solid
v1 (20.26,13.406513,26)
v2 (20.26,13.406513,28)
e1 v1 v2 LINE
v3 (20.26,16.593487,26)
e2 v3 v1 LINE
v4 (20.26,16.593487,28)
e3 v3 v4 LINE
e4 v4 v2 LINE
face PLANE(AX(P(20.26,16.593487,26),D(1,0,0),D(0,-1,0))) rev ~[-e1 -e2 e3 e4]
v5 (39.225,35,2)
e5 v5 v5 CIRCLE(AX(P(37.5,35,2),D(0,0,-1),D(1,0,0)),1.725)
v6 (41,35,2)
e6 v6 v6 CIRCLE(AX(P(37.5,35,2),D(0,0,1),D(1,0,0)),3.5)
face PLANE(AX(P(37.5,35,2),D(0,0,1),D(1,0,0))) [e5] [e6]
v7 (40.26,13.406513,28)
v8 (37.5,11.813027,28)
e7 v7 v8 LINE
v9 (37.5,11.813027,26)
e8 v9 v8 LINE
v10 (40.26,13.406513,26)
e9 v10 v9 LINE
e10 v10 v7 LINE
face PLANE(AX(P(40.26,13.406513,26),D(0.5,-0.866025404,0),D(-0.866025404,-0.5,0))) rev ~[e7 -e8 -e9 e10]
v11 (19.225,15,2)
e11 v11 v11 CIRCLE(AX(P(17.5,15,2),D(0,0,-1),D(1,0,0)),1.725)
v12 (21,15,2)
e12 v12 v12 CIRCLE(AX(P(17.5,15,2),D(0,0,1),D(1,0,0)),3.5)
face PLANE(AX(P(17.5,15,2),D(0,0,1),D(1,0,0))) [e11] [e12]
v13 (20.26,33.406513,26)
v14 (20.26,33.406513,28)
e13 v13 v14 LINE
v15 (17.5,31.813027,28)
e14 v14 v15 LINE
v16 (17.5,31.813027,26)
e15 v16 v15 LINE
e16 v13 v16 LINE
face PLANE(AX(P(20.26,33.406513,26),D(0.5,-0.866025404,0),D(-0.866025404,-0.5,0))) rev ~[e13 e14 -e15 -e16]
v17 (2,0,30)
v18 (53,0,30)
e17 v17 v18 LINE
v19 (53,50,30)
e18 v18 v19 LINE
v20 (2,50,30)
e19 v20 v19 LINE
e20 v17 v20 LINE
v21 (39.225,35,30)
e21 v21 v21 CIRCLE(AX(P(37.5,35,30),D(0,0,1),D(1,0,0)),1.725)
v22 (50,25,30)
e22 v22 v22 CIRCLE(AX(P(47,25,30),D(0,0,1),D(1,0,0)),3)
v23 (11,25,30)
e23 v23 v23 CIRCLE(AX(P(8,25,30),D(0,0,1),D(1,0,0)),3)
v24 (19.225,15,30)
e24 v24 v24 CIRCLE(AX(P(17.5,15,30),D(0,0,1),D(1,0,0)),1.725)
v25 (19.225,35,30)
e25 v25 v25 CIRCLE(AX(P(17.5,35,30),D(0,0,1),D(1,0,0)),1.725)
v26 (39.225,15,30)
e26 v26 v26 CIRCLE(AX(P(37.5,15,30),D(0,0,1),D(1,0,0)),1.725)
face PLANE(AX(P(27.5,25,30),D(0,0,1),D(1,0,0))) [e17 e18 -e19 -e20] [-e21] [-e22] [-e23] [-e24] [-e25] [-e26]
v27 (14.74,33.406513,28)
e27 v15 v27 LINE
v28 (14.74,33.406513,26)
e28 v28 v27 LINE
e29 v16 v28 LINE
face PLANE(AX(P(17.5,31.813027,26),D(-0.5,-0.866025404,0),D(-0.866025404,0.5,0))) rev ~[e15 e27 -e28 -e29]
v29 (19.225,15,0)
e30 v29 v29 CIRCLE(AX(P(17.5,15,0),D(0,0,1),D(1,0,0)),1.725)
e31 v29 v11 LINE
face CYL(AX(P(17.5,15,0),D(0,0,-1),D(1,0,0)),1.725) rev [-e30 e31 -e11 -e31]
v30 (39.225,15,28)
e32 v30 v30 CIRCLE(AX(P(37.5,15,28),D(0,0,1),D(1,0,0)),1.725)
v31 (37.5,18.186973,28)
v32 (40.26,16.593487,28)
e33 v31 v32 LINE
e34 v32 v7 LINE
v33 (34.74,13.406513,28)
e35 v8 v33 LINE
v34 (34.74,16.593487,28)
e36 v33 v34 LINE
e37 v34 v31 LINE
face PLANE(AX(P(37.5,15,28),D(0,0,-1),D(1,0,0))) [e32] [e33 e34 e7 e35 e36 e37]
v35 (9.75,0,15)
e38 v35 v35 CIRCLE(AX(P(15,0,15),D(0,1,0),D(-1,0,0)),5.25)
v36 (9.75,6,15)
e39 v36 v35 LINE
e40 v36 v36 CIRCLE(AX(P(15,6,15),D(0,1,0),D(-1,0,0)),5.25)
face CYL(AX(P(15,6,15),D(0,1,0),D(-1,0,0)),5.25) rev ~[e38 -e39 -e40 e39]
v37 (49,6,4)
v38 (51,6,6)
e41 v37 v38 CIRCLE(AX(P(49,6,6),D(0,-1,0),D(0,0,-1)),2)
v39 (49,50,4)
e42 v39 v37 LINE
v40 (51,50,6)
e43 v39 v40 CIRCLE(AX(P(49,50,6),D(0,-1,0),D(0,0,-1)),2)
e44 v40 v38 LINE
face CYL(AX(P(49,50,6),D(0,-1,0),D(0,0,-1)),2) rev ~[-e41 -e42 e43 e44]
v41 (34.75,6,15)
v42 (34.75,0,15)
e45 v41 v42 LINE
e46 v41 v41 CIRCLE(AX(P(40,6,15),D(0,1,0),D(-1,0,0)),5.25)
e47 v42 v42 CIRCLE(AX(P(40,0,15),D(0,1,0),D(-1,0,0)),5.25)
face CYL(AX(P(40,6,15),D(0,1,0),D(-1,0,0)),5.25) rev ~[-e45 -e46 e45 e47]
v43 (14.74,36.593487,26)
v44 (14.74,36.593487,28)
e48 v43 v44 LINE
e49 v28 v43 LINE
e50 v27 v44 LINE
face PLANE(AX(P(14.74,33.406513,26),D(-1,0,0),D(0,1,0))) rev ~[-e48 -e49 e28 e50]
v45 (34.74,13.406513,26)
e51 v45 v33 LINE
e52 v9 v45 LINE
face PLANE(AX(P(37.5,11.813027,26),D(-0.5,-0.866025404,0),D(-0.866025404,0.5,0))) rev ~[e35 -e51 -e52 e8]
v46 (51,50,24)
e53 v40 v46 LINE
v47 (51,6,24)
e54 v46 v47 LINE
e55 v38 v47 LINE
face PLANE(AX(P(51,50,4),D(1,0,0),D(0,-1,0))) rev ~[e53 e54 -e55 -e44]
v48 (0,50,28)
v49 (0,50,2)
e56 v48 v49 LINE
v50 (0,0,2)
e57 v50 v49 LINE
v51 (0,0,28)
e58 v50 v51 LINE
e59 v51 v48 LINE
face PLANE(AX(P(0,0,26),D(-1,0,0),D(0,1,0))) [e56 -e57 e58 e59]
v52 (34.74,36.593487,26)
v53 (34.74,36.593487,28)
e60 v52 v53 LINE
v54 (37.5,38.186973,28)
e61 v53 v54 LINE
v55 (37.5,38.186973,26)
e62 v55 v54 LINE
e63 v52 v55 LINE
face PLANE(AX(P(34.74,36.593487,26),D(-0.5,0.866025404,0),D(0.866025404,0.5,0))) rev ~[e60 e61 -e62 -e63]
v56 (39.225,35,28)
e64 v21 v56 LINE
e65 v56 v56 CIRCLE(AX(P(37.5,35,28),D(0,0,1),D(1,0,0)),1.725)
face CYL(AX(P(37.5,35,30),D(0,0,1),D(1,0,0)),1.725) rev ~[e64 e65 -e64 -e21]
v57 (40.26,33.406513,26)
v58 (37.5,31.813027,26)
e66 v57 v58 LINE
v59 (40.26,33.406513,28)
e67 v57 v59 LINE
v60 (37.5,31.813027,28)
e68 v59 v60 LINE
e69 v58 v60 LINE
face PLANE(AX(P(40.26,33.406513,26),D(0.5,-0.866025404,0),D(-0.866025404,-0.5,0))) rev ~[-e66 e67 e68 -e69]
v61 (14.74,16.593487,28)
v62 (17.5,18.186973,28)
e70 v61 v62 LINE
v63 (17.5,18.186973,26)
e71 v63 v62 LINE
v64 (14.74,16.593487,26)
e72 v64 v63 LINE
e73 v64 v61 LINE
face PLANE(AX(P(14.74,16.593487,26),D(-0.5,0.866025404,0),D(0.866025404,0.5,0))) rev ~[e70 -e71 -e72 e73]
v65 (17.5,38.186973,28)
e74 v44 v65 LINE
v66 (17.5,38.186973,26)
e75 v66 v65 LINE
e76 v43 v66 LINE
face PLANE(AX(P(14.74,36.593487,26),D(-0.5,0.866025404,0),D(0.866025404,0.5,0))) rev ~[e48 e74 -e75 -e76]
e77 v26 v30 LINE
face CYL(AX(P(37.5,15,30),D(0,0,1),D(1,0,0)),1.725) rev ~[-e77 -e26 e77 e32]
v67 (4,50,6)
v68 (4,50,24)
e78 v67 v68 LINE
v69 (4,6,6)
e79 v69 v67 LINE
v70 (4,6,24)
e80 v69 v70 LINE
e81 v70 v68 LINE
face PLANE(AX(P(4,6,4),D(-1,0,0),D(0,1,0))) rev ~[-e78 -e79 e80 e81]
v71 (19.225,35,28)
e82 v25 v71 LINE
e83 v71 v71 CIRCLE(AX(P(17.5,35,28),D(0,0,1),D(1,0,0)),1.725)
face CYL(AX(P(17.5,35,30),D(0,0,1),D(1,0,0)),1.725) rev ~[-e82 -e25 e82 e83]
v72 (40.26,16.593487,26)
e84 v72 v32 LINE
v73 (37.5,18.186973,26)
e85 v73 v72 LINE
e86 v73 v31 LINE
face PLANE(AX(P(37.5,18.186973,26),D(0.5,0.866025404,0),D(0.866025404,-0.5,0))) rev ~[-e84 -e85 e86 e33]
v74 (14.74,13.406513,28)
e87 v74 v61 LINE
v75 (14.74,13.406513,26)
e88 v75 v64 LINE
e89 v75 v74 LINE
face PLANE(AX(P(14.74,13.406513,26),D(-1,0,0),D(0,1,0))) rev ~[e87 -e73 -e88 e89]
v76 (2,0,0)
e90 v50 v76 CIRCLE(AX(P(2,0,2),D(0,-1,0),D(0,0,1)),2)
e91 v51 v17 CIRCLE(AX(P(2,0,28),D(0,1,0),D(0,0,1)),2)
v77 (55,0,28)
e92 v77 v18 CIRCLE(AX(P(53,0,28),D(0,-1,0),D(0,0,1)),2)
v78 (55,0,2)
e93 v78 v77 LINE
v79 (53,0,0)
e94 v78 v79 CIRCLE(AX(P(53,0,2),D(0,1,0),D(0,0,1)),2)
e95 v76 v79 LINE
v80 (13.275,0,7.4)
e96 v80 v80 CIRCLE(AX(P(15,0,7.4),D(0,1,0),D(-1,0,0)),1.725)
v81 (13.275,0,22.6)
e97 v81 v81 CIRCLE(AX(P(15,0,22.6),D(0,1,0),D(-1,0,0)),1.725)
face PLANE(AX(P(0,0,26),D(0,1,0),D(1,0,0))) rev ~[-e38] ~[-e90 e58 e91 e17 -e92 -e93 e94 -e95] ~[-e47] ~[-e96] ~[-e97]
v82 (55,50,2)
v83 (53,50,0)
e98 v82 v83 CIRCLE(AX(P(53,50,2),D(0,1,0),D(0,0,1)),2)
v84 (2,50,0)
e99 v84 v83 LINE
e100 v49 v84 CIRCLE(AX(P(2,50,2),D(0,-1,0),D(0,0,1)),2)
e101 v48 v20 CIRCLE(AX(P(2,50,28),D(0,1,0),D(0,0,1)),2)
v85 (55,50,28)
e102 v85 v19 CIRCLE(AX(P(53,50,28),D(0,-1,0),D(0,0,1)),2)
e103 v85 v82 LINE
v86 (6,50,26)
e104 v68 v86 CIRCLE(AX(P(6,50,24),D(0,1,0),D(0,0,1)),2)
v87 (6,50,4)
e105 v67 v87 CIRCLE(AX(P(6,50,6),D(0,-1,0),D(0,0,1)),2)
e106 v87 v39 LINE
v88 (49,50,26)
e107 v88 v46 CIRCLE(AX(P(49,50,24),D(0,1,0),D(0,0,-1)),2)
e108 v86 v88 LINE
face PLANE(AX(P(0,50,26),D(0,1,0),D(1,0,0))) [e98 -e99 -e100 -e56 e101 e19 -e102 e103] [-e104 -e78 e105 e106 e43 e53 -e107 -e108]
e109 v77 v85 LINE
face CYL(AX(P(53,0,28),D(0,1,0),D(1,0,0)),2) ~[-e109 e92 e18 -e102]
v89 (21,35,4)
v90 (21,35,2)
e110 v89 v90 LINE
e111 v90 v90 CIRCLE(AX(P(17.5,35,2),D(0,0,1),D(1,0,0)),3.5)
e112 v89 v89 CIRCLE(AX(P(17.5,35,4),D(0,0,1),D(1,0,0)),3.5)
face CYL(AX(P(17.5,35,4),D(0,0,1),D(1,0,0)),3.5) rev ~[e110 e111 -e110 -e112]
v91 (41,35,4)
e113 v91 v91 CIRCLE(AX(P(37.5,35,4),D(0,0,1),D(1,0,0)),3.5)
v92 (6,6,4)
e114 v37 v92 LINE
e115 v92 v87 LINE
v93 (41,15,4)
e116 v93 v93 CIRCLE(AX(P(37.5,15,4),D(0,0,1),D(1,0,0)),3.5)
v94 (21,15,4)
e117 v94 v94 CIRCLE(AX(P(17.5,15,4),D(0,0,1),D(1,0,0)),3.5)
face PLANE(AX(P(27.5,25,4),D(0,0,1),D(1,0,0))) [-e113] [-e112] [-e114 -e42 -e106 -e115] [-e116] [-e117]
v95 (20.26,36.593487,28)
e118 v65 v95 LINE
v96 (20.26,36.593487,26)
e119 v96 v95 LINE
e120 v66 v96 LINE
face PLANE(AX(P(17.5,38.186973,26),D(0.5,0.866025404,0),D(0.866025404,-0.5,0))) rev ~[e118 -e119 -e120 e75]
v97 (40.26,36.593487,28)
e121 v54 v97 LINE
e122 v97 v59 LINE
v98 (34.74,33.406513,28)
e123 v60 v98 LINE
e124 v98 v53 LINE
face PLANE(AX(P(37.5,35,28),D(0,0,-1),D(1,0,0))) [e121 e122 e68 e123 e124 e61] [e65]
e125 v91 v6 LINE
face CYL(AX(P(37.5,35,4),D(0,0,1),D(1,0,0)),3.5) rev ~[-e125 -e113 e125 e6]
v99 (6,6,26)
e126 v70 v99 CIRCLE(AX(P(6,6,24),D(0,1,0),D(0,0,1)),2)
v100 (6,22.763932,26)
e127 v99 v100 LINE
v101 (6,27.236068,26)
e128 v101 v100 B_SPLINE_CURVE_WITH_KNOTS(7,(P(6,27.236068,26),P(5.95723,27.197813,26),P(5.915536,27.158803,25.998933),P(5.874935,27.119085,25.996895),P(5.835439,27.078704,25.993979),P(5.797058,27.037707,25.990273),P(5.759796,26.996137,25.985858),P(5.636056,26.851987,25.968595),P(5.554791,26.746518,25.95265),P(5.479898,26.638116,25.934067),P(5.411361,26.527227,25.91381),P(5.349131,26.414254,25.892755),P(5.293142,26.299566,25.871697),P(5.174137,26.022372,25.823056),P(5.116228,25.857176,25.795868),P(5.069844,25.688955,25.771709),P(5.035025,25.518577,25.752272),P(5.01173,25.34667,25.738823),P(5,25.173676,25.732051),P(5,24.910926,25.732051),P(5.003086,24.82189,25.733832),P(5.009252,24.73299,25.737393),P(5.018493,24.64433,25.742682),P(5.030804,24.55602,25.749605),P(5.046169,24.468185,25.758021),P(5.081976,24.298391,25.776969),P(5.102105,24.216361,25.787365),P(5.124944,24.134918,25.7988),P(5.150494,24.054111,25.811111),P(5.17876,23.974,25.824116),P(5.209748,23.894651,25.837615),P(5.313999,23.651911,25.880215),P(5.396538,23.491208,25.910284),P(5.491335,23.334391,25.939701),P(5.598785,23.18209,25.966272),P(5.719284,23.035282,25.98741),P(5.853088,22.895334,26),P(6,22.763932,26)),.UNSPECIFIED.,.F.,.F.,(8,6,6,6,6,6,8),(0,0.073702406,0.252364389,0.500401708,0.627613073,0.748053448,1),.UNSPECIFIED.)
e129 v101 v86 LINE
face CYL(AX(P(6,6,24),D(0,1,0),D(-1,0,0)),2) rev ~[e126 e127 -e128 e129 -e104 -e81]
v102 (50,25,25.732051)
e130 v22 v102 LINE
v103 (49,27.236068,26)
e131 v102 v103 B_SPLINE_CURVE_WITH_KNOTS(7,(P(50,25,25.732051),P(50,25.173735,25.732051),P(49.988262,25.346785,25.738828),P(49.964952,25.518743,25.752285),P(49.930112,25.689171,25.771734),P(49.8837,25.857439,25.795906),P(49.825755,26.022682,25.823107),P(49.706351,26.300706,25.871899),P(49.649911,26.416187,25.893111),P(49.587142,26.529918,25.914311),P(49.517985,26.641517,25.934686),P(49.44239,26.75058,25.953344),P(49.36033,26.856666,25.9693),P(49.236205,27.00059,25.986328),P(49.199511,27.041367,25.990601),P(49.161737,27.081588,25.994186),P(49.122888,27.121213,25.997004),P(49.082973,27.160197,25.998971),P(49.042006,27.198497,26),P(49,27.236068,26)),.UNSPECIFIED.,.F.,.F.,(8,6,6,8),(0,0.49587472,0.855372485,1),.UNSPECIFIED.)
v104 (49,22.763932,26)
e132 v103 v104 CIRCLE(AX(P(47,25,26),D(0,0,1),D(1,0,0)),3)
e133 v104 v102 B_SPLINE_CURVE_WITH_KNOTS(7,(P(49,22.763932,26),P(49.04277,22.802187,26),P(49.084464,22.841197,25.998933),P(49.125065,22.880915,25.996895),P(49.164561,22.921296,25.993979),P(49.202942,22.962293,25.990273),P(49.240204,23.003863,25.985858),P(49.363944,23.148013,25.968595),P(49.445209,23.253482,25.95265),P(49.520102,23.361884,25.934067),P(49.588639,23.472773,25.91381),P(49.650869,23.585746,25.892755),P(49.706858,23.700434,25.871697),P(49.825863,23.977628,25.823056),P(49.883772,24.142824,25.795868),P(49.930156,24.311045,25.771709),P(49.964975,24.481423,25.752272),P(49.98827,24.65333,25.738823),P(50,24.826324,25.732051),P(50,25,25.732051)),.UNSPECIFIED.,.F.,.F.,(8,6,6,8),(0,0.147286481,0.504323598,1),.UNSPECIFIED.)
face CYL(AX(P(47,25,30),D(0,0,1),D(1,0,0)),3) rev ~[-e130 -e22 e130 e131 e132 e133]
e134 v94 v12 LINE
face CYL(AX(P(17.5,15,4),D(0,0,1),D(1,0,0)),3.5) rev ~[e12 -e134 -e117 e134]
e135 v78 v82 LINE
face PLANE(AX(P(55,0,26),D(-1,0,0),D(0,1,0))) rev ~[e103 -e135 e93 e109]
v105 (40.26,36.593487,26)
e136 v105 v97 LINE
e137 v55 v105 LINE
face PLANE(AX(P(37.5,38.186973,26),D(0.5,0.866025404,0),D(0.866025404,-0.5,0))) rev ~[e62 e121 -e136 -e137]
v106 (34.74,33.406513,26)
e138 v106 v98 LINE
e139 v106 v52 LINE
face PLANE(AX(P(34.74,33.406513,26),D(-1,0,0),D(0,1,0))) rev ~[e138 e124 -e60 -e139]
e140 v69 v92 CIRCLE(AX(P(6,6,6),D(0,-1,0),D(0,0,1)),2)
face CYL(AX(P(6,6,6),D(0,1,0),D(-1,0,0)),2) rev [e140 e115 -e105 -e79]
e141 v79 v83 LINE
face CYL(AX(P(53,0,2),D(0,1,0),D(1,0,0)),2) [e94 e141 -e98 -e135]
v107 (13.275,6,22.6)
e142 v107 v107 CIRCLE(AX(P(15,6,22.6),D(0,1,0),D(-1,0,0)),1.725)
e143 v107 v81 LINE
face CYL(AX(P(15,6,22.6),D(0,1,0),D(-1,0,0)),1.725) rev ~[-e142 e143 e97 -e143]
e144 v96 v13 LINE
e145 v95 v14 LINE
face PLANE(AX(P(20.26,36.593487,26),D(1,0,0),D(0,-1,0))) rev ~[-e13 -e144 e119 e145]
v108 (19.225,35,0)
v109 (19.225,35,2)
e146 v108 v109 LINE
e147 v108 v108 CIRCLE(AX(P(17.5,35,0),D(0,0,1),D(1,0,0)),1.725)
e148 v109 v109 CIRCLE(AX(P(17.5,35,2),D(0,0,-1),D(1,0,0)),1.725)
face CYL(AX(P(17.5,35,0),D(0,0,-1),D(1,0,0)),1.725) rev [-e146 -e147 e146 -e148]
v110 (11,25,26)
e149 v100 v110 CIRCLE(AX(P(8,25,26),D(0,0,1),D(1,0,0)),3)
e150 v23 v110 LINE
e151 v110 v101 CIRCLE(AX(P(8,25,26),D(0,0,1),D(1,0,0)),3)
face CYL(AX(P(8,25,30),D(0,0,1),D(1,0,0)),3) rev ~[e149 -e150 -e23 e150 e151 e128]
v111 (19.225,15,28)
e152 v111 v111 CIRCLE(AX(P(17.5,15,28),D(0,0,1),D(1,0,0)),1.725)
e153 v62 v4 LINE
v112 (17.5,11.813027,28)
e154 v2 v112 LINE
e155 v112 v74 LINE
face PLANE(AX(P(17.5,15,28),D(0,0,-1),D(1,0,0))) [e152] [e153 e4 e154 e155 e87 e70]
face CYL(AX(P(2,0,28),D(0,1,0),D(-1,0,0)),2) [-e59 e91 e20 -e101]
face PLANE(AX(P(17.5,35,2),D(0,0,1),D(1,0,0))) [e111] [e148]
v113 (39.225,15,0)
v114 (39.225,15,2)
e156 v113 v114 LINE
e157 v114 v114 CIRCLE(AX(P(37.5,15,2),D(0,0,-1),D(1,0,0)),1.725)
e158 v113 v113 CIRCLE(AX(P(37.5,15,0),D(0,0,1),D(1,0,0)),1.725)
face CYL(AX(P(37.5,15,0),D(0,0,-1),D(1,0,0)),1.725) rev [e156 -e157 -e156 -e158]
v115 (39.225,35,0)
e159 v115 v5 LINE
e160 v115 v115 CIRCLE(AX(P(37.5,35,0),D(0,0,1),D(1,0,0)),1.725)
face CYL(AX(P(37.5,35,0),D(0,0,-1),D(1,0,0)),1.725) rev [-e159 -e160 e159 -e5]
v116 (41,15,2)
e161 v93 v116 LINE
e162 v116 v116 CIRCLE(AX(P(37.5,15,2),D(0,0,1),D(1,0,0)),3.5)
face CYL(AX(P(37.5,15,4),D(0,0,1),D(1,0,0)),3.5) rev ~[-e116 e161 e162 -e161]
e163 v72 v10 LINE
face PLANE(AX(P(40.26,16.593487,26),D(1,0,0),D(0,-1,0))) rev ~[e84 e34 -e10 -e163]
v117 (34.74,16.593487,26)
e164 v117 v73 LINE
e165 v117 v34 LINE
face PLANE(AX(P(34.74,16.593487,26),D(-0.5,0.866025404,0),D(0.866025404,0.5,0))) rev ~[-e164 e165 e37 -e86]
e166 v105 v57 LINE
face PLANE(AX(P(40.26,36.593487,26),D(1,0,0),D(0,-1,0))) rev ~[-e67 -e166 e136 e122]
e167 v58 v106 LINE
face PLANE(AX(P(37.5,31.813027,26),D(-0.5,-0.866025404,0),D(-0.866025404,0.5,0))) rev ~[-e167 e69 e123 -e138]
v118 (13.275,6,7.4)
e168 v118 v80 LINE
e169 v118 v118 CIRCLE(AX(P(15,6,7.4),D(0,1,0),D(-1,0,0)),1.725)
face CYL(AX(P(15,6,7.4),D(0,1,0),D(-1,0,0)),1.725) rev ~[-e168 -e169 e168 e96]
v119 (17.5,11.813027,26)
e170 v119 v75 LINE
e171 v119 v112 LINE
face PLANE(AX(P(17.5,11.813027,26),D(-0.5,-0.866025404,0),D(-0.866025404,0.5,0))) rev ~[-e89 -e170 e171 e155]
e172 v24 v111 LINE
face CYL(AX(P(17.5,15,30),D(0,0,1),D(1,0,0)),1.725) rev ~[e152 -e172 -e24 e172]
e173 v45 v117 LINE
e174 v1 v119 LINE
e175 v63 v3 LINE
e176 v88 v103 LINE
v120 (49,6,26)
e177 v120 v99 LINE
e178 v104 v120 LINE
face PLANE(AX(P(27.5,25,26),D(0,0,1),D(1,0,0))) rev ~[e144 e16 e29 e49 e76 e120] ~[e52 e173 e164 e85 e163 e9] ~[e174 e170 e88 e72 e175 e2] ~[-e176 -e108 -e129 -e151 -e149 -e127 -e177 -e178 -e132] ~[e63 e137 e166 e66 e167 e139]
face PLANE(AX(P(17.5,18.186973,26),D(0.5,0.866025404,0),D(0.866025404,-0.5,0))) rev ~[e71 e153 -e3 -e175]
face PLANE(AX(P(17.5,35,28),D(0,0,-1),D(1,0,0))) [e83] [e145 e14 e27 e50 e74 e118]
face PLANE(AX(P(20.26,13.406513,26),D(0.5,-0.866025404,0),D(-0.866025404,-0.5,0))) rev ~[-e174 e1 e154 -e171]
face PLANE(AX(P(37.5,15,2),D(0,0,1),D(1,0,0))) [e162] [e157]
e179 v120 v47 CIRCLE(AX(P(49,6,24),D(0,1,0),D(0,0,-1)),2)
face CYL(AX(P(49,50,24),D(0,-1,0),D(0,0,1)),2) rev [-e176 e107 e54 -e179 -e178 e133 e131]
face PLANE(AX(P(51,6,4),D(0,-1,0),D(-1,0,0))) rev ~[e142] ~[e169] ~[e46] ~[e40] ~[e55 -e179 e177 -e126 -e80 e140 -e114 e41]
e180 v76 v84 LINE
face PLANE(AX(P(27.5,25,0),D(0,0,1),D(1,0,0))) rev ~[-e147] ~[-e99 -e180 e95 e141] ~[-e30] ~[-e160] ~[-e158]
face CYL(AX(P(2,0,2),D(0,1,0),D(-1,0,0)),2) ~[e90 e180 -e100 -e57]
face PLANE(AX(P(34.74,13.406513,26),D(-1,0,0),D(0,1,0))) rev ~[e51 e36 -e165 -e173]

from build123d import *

# Parameters (mm, degrees)
F0_W      = 55
F0_H      = 50
F0_R      = 3.5
F0_R_2    = 1.725
F1_DEPTH  = 4
F2_R      = 3.5
F3_DEPTH  = 2
F5_DEPTH  = 22
F6_R      = 5.25
F6_R_2    = 1.725
F7_DEPTH  = 6
F8_W      = 55
F8_H      = 50
F9_DEPTH  = 4
F10_R     = 2
F11_R     = 1.725
F12_DEPTH = 4
F14_DEPTH = 2
F15_R     = 3
F16_DEPTH = 4.2689492924


with BuildPart() as f1:
    # F0 (on Top) → F1 (new body)
    with BuildSketch(Plane.XY):
        with Locations((27.5, 25)):
            Rectangle(F0_W, F0_H)
        with Locations((17.5, 15)):
            Circle(F0_R, mode=Mode.SUBTRACT)
        with Locations((37.5, 15)):
            Circle(F0_R, mode=Mode.SUBTRACT)
        with Locations((17.5, 35)):
            Circle(F0_R, mode=Mode.SUBTRACT)
        with Locations((37.5, 35)):
            Circle(F0_R, mode=Mode.SUBTRACT)
        with Locations((17.5, 35)):
            Circle(F0_R)
        with Locations((17.5, 35)):
            Circle(F0_R_2, mode=Mode.SUBTRACT)
        with Locations((37.5, 35)):
            Circle(F0_R)
        with Locations((37.5, 35)):
            Circle(F0_R_2, mode=Mode.SUBTRACT)
        with Locations((37.5, 15)):
            Circle(F0_R)
        with Locations((37.5, 15)):
            Circle(F0_R_2, mode=Mode.SUBTRACT)
        with Locations((17.5, 15)):
            Circle(F0_R)
        with Locations((17.5, 15)):
            Circle(F0_R_2, mode=Mode.SUBTRACT)
    extrude(amount=F1_DEPTH)

    # F2 (on face) → F3 (cut)
    with BuildSketch(Plane.XY.offset(4)):
        with Locations((17.5, 35)):
            Circle(F2_R)
        with Locations((37.5, 35)):
            Circle(F2_R)
        with Locations((37.5, 15)):
            Circle(F2_R)
        with Locations((17.5, 15)):
            Circle(F2_R)
    extrude(amount=-F3_DEPTH, mode=Mode.SUBTRACT)

    # F4 (on face) → F5 (join)
    with BuildSketch(Plane.XY.offset(4)):
        Polygon((4, 50), (0, 50), (0, 0), (55, 0), (55, 50), (51, 50), (51, 6), (4, 6), align=None)
    extrude(amount=F5_DEPTH)

    # F6 (on face) → F7 (cut, through all)
    with BuildSketch(Plane(origin=(0, 6, 0), x_dir=(-1, 0, 0), z_dir=(0, 1, 0))):
        with Locations((-40, 15)):
            Circle(F6_R)
        with Locations((-15, 22.6)):
            Circle(F6_R_2)
        with Locations((-15, 7.4)):
            Circle(F6_R_2)
        with Locations((-15, 15)):
            Circle(F6_R)
    extrude(amount=-F7_DEPTH, mode=Mode.SUBTRACT)

    # F8 (on face) → F9 (join)
    with BuildSketch(Plane.XY.offset(26)):
        with Locations((27.5, 25)):
            Rectangle(F8_W, F8_H)
    extrude(amount=F9_DEPTH)

    # F10
    f10_edges = [f1.edges().sort_by_distance(p)[0] for p in [
        (0, 25, 30),
        (0, 25, 0),
        (55, 25, 0),
        (55, 25, 30),
        (51, 28, 26),
        (4, 28, 26),
        (4, 28, 4),
        (51, 28, 4),
    ]]
    fillet(f10_edges, radius=F10_R)

    # F11 (on face) → F12 (cut, through all)
    with BuildSketch(Plane.XY.offset(30)):
        with Locations((17.5, 35)):
            Circle(F11_R)
        with Locations((37.5, 35)):
            Circle(F11_R)
        with Locations((37.5, 15)):
            Circle(F11_R)
        with Locations((17.5, 15)):
            Circle(F11_R)
    extrude(amount=-F12_DEPTH, mode=Mode.SUBTRACT)

    # F13 (on face) → F14 (cut)
    with BuildSketch(Plane(origin=(0, 0, 26), x_dir=(1, 0, 0), z_dir=(0, 0, -1))):
        Polygon((20.26, -13.406513257), (17.5, -11.8130265141), (14.74, -13.406513257), (14.74, -16.593486743), (17.5, -18.1869734859), (20.26, -16.593486743), align=None)
        Polygon((40.26, -13.406513257), (37.5, -11.8130265141), (34.74, -13.406513257), (34.74, -16.593486743), (37.5, -18.1869734859), (40.26, -16.593486743), align=None)
        Polygon((40.26, -33.406513257), (37.5, -31.8130265141), (34.74, -33.406513257), (34.74, -36.593486743), (37.5, -38.1869734859), (40.26, -36.593486743), align=None)
        Polygon((20.26, -33.406513257), (17.5, -31.8130265141), (14.74, -33.406513257), (14.74, -36.593486743), (17.5, -38.1869734859), (20.26, -36.593486743), align=None)
    extrude(amount=-F14_DEPTH, mode=Mode.SUBTRACT)

    # F15 (on face) → F16 (cut, through all)
    with BuildSketch(Plane.XY.offset(30)):
        with Locations((8, 25)):
            Circle(F15_R)
        with Locations((47, 25)):
            Circle(F15_R)
    extrude(amount=-F16_DEPTH, mode=Mode.SUBTRACT)


solid = f1.part
